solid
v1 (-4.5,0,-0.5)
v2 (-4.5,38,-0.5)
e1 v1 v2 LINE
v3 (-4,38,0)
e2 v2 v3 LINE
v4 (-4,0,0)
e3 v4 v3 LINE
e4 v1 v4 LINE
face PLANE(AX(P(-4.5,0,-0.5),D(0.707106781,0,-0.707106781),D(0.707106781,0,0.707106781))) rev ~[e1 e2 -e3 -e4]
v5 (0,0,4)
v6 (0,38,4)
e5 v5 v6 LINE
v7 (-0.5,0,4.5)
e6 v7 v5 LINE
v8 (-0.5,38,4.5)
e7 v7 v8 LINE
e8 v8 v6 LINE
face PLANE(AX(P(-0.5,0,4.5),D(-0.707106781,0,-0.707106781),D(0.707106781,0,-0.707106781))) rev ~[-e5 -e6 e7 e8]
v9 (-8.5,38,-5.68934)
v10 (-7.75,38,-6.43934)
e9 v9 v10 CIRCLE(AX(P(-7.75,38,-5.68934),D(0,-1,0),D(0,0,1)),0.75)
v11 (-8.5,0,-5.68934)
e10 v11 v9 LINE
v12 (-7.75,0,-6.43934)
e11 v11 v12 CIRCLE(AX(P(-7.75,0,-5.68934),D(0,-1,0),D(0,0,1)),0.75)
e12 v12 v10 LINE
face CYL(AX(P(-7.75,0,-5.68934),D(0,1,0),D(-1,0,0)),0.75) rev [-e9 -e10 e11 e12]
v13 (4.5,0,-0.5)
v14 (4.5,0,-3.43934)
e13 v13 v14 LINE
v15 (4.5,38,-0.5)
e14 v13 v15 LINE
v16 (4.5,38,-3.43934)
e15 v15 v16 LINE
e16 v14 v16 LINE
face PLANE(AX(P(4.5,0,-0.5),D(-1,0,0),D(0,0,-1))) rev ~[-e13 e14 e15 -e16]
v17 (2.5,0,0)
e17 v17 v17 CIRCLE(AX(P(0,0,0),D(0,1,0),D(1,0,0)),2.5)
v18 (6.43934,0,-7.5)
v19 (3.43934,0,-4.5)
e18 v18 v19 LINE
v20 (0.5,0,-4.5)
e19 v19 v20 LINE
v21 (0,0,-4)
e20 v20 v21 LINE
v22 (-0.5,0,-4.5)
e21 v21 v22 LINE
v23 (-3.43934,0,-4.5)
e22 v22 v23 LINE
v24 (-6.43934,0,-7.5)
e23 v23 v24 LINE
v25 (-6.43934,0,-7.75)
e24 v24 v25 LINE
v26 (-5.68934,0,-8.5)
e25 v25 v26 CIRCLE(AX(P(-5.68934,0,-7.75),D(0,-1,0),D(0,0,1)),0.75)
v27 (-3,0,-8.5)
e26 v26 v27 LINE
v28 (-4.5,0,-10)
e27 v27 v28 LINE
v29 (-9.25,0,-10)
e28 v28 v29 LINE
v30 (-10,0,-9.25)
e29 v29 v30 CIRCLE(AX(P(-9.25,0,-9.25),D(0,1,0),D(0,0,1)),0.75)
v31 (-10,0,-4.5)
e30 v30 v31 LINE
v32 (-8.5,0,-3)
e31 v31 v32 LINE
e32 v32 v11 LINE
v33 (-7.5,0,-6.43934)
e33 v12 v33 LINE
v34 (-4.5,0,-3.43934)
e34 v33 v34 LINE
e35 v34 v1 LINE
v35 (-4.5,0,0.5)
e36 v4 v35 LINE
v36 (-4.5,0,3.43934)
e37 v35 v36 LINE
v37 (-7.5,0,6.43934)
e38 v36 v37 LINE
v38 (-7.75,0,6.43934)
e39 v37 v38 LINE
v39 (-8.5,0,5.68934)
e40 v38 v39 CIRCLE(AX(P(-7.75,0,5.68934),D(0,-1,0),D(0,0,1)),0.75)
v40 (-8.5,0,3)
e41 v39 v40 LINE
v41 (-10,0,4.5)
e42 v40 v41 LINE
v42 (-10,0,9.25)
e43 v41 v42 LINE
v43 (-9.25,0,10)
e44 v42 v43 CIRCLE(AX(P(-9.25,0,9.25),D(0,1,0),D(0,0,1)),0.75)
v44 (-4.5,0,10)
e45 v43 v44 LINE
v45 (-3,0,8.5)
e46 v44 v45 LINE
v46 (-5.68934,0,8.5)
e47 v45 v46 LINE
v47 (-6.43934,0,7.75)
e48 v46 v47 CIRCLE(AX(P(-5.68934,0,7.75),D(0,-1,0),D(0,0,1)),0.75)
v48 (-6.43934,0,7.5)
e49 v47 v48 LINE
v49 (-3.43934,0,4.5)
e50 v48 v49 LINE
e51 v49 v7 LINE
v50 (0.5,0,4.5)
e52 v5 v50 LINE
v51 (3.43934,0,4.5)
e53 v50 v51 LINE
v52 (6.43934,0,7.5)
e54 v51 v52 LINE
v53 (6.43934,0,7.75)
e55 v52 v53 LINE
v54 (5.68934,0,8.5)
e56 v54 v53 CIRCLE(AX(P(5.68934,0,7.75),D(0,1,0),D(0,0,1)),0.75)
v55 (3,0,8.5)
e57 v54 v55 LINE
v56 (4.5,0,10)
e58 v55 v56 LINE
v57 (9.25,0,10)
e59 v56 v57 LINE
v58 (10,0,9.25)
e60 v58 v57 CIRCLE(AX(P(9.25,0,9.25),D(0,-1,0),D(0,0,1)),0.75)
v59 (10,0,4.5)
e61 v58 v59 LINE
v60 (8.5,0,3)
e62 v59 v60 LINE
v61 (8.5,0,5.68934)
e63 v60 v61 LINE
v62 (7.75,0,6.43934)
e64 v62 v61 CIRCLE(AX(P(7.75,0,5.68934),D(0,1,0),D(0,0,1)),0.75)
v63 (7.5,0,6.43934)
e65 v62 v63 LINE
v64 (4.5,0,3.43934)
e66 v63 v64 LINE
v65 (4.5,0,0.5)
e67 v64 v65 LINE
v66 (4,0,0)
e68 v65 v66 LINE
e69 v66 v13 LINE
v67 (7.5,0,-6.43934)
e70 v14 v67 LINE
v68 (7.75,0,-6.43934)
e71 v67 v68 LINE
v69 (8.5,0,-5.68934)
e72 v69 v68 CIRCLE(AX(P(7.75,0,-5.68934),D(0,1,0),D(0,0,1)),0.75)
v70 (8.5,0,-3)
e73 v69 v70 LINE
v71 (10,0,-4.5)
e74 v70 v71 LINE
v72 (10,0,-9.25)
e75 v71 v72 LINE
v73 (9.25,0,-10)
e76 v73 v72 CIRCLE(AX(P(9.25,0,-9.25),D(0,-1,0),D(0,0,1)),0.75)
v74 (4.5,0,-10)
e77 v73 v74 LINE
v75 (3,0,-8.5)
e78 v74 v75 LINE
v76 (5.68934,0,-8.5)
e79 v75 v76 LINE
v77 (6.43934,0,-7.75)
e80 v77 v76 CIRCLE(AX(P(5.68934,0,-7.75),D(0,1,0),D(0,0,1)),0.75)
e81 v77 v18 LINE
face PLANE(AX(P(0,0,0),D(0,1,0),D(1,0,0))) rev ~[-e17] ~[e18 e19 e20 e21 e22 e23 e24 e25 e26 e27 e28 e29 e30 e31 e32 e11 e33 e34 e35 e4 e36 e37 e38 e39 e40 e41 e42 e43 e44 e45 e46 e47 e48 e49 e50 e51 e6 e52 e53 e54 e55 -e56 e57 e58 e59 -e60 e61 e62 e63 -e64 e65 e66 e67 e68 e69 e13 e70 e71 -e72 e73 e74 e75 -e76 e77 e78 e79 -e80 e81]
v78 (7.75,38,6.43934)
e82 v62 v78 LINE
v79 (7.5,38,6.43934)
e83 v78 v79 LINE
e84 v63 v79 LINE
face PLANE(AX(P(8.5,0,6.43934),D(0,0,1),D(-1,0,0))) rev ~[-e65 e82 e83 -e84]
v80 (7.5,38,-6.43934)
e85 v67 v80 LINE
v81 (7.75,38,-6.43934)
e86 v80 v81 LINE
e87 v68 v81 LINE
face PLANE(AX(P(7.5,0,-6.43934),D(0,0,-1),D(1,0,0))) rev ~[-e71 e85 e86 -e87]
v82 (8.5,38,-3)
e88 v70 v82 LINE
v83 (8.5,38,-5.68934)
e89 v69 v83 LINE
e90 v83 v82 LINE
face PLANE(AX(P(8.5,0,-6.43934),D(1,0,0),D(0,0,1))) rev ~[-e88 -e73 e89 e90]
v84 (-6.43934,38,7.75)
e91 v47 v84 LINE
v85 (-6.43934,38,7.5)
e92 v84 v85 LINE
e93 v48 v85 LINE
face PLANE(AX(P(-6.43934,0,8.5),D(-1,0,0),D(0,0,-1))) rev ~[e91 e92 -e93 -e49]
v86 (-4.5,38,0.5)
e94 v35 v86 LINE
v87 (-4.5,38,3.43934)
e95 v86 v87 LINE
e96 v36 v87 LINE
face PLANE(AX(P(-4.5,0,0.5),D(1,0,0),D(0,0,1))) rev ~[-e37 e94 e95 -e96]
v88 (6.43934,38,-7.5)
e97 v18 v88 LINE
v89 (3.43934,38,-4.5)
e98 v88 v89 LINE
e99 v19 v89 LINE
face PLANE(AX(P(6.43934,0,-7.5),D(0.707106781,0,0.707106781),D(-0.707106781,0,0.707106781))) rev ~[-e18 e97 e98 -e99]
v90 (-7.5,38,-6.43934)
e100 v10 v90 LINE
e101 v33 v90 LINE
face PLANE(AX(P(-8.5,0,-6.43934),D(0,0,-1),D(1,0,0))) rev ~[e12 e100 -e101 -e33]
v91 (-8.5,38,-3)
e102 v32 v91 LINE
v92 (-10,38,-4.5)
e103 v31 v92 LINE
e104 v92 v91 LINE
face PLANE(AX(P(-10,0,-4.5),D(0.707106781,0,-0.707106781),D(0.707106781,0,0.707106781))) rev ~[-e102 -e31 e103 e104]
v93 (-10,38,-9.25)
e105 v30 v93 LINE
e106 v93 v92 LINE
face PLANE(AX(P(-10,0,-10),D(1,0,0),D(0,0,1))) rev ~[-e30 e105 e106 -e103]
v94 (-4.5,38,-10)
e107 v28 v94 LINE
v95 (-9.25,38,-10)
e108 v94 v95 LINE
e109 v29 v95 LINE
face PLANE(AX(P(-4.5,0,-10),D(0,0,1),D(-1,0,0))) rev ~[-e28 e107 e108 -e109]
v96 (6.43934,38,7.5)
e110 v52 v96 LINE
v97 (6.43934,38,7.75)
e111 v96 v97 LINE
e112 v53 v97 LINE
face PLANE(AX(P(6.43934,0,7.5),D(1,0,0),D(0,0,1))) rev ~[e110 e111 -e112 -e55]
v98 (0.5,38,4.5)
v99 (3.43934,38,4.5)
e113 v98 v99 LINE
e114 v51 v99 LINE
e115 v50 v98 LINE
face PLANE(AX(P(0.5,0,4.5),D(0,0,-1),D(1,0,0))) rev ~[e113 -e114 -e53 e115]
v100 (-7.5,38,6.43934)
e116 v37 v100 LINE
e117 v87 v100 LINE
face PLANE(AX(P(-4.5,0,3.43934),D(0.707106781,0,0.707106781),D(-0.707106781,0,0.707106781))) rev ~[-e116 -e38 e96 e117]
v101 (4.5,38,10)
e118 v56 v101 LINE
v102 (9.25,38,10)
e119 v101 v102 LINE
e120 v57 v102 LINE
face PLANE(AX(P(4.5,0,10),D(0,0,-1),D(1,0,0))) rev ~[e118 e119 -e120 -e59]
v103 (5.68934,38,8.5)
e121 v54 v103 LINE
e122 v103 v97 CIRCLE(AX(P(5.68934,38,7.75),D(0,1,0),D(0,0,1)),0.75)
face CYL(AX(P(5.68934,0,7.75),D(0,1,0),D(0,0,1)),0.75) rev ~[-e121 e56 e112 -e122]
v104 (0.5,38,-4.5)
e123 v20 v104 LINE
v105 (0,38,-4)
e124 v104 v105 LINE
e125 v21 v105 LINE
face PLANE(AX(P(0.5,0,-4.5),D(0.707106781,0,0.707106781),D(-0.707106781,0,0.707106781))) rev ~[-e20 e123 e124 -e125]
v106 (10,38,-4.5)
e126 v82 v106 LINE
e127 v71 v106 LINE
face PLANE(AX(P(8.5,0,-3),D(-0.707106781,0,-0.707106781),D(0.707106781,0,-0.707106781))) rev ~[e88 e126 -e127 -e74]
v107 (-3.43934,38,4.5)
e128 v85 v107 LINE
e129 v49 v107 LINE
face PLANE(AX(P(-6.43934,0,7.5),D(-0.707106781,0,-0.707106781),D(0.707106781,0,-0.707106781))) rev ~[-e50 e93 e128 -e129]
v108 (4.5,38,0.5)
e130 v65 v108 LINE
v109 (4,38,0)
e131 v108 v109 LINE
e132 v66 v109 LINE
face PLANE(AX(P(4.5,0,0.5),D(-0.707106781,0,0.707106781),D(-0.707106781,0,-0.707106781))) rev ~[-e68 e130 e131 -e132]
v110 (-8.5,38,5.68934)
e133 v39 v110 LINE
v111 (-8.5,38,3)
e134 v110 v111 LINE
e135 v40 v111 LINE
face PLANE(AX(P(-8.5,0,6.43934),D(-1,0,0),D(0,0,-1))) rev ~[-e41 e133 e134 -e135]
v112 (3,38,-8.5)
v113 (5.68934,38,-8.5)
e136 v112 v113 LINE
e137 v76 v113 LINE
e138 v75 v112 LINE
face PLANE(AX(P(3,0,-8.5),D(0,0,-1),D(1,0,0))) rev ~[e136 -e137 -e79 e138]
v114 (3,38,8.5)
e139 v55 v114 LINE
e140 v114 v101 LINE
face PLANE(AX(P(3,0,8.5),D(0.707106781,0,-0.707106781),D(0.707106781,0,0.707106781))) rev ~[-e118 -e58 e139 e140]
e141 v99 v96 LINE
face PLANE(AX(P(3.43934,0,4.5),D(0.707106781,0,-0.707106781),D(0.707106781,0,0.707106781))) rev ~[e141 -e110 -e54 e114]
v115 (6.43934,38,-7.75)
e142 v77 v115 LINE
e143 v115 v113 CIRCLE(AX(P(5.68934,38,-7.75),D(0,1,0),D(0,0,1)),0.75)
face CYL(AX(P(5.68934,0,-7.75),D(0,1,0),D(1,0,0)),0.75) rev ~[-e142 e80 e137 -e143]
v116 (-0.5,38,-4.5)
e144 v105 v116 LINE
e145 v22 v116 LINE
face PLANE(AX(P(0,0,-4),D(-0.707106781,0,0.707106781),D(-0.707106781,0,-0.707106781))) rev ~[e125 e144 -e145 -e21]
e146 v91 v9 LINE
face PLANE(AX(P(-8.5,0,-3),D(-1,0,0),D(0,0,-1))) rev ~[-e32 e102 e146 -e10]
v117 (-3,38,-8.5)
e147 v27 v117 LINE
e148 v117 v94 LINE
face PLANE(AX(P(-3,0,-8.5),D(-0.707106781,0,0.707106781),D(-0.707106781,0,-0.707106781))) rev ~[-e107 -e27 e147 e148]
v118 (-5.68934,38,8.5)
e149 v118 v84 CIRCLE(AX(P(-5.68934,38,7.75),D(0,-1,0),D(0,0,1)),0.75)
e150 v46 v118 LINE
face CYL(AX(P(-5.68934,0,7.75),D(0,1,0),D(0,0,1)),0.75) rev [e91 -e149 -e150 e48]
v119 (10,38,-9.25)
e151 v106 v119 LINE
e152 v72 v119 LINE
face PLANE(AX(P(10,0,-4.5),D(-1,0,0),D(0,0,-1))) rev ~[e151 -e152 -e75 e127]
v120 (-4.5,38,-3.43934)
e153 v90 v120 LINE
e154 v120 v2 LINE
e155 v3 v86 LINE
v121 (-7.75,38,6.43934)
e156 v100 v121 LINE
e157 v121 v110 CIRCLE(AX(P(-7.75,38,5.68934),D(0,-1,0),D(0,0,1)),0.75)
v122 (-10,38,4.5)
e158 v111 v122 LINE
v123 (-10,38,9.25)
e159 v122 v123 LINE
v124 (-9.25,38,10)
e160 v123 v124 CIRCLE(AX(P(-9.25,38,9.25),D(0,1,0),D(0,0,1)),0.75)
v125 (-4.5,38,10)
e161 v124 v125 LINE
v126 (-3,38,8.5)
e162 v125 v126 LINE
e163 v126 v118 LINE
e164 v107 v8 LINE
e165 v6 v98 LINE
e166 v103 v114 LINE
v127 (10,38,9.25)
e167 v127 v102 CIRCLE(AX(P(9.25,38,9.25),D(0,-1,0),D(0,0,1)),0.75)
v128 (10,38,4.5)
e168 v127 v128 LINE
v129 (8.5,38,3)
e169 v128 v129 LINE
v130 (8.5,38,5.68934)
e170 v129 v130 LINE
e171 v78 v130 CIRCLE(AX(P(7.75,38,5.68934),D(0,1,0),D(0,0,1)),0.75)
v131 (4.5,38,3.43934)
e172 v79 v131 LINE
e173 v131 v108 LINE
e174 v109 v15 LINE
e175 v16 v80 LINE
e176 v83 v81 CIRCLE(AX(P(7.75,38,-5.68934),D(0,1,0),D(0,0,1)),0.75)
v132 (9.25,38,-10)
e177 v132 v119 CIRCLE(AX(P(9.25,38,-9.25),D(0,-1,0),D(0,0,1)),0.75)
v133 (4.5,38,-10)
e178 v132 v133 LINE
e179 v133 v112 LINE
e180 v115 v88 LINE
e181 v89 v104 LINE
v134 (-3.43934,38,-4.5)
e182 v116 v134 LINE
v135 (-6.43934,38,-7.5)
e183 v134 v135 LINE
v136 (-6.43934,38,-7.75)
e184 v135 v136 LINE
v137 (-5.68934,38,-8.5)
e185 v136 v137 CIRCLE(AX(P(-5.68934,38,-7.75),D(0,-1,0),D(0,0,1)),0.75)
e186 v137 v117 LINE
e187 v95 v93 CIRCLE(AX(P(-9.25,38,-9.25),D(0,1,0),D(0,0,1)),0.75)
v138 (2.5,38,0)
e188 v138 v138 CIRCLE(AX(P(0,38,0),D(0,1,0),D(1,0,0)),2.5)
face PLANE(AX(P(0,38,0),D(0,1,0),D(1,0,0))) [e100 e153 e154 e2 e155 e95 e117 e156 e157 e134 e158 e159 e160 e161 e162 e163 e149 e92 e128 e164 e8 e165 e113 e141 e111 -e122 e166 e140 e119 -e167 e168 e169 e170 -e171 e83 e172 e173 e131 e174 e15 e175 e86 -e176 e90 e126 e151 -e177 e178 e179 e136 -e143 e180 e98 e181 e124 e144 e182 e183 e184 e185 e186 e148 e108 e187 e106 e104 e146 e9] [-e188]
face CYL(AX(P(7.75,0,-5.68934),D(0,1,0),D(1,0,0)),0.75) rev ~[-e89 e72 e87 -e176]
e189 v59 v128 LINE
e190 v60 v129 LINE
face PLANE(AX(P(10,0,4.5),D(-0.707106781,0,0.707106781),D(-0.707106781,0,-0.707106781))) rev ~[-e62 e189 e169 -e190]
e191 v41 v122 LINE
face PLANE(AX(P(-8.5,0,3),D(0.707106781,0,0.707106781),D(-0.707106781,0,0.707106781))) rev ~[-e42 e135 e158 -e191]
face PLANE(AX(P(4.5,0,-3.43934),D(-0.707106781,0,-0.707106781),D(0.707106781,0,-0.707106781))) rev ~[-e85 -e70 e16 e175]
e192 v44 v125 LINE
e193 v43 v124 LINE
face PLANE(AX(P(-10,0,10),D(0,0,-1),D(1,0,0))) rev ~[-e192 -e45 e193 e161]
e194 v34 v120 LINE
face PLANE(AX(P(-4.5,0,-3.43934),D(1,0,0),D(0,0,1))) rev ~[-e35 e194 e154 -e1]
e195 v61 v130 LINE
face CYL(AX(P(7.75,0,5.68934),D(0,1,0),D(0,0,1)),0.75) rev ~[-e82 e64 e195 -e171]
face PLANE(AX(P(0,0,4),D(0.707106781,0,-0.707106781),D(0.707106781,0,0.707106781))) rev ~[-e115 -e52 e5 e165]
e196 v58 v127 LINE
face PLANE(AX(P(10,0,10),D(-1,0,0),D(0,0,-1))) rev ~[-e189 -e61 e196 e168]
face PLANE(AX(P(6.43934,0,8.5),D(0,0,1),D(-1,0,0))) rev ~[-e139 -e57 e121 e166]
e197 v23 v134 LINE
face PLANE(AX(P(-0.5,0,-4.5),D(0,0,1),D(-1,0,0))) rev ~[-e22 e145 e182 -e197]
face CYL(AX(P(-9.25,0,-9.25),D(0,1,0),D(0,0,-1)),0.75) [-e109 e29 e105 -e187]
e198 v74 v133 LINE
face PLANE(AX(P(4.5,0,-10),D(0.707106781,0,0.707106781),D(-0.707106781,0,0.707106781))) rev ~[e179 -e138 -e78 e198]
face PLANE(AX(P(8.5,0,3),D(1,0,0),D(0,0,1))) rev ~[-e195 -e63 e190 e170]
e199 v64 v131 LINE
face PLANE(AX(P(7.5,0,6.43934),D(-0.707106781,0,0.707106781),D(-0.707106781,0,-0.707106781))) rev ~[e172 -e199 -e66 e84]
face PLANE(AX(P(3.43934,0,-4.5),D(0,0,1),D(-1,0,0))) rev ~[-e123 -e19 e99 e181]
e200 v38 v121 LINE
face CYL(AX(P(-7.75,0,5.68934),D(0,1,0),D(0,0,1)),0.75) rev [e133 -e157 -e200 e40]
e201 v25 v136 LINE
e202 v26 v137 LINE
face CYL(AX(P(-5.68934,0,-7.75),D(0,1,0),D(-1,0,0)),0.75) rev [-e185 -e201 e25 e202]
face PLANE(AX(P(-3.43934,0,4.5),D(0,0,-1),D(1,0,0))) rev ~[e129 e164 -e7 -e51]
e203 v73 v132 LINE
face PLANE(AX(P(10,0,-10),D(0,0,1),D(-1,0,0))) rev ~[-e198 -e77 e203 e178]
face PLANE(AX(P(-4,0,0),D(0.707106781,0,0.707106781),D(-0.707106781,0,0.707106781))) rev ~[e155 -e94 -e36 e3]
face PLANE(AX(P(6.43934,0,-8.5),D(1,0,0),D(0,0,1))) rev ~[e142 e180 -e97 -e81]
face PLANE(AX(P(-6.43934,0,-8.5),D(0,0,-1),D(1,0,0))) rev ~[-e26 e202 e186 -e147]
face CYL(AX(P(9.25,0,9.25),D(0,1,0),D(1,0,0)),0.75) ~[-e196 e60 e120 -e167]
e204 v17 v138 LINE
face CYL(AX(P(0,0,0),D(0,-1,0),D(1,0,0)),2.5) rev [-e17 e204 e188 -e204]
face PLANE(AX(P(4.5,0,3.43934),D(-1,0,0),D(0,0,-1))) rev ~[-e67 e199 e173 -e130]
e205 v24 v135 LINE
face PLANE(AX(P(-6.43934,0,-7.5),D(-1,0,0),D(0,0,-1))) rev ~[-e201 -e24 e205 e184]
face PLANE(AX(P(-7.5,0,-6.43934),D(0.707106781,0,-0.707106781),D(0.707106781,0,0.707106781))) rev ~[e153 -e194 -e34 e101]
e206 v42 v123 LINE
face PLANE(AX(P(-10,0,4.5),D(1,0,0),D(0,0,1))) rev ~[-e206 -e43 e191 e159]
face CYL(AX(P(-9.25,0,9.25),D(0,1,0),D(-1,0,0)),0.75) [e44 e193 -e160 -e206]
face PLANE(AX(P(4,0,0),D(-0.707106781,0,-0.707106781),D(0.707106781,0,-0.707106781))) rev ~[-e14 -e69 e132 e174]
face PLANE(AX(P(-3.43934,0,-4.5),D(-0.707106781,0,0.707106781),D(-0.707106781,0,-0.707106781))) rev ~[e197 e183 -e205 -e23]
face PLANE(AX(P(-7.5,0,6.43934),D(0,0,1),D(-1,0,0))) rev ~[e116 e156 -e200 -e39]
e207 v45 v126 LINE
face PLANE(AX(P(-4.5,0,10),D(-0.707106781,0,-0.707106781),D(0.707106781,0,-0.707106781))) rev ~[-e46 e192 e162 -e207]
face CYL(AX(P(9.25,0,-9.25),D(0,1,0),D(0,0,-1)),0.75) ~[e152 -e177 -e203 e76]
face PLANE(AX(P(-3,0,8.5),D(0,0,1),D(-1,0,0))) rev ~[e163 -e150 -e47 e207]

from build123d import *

# Parameters (mm, degrees)
ESQUISSE1_R      = 2.5
EXTRUSION1_DEPTH = 38
CONG_1_R         = 0.75


with BuildPart() as part:
    # Esquisse1 → Extrusion1 (new body)
    with BuildSketch(Plane(origin=(0, 0, 0), x_dir=(1, 0, 0), z_dir=(0, 1, 0))):
        Polygon((0, 4), (-0.5, 4.5), (-3.439339828, 4.5), (-6.439339828, 7.5), (-6.439339828, 8.5), (-3, 8.5), (-4.5, 10), (-10, 10), (-10, 4.5), (-8.5, 3), (-8.5, 6.439339828), (-7.5, 6.439339828), (-4.5, 3.439339828), (-4.5, 0.5), (-4, 0), (-4.5, -0.5), (-4.5, -3.439339828), (-7.5, -6.439339828), (-8.5, -6.439339828), (-8.5, -3), (-10, -4.5), (-10, -10), (-4.5, -10), (-3, -8.5), (-6.439339828, -8.5), (-6.439339828, -7.5), (-3.439339828, -4.5), (-0.5, -4.5), (0, -4), (0.5, -4.5), (3.439339828, -4.5), (6.439339828, -7.5), (6.439339828, -8.5), (3, -8.5), (4.5, -10), (10, -10), (10, -4.5), (8.5, -3), (8.5, -6.439339828), (7.5, -6.439339828), (4.5, -3.439339828), (4.5, -0.5), (4, 0), (4.5, 0.5), (4.5, 3.439339828), (7.5, 6.439339828), (8.5, 6.439339828), (8.5, 3), (10, 4.5), (10, 10), (4.5, 10), (3, 8.5), (6.439339828, 8.5), (6.439339828, 7.5), (3.439339828, 4.5), (0.5, 4.5), align=None)
        Circle(ESQUISSE1_R, mode=Mode.SUBTRACT)
    extrude(amount=EXTRUSION1_DEPTH)

    # Congé1
    cong_1_edges = [part.edges().sort_by_distance(p)[0] for p in [
        (6.439339828, 19, -8.5),
        (10, 19, -10),
        (8.5, 19, -6.439339828),
        (8.5, 19, 6.439339828),
        (10, 19, 10),
        (6.439339828, 19, 8.5),
        (-6.439339828, 19, 8.5),
        (-10, 19, 10),
        (-8.5, 19, 6.439339828),
        (-8.5, 19, -6.439339828),
        (-10, 19, -10),
        (-6.439339828, 19, -8.5),
    ]]
    fillet(cong_1_edges, radius=CONG_1_R)


solid = part.part
